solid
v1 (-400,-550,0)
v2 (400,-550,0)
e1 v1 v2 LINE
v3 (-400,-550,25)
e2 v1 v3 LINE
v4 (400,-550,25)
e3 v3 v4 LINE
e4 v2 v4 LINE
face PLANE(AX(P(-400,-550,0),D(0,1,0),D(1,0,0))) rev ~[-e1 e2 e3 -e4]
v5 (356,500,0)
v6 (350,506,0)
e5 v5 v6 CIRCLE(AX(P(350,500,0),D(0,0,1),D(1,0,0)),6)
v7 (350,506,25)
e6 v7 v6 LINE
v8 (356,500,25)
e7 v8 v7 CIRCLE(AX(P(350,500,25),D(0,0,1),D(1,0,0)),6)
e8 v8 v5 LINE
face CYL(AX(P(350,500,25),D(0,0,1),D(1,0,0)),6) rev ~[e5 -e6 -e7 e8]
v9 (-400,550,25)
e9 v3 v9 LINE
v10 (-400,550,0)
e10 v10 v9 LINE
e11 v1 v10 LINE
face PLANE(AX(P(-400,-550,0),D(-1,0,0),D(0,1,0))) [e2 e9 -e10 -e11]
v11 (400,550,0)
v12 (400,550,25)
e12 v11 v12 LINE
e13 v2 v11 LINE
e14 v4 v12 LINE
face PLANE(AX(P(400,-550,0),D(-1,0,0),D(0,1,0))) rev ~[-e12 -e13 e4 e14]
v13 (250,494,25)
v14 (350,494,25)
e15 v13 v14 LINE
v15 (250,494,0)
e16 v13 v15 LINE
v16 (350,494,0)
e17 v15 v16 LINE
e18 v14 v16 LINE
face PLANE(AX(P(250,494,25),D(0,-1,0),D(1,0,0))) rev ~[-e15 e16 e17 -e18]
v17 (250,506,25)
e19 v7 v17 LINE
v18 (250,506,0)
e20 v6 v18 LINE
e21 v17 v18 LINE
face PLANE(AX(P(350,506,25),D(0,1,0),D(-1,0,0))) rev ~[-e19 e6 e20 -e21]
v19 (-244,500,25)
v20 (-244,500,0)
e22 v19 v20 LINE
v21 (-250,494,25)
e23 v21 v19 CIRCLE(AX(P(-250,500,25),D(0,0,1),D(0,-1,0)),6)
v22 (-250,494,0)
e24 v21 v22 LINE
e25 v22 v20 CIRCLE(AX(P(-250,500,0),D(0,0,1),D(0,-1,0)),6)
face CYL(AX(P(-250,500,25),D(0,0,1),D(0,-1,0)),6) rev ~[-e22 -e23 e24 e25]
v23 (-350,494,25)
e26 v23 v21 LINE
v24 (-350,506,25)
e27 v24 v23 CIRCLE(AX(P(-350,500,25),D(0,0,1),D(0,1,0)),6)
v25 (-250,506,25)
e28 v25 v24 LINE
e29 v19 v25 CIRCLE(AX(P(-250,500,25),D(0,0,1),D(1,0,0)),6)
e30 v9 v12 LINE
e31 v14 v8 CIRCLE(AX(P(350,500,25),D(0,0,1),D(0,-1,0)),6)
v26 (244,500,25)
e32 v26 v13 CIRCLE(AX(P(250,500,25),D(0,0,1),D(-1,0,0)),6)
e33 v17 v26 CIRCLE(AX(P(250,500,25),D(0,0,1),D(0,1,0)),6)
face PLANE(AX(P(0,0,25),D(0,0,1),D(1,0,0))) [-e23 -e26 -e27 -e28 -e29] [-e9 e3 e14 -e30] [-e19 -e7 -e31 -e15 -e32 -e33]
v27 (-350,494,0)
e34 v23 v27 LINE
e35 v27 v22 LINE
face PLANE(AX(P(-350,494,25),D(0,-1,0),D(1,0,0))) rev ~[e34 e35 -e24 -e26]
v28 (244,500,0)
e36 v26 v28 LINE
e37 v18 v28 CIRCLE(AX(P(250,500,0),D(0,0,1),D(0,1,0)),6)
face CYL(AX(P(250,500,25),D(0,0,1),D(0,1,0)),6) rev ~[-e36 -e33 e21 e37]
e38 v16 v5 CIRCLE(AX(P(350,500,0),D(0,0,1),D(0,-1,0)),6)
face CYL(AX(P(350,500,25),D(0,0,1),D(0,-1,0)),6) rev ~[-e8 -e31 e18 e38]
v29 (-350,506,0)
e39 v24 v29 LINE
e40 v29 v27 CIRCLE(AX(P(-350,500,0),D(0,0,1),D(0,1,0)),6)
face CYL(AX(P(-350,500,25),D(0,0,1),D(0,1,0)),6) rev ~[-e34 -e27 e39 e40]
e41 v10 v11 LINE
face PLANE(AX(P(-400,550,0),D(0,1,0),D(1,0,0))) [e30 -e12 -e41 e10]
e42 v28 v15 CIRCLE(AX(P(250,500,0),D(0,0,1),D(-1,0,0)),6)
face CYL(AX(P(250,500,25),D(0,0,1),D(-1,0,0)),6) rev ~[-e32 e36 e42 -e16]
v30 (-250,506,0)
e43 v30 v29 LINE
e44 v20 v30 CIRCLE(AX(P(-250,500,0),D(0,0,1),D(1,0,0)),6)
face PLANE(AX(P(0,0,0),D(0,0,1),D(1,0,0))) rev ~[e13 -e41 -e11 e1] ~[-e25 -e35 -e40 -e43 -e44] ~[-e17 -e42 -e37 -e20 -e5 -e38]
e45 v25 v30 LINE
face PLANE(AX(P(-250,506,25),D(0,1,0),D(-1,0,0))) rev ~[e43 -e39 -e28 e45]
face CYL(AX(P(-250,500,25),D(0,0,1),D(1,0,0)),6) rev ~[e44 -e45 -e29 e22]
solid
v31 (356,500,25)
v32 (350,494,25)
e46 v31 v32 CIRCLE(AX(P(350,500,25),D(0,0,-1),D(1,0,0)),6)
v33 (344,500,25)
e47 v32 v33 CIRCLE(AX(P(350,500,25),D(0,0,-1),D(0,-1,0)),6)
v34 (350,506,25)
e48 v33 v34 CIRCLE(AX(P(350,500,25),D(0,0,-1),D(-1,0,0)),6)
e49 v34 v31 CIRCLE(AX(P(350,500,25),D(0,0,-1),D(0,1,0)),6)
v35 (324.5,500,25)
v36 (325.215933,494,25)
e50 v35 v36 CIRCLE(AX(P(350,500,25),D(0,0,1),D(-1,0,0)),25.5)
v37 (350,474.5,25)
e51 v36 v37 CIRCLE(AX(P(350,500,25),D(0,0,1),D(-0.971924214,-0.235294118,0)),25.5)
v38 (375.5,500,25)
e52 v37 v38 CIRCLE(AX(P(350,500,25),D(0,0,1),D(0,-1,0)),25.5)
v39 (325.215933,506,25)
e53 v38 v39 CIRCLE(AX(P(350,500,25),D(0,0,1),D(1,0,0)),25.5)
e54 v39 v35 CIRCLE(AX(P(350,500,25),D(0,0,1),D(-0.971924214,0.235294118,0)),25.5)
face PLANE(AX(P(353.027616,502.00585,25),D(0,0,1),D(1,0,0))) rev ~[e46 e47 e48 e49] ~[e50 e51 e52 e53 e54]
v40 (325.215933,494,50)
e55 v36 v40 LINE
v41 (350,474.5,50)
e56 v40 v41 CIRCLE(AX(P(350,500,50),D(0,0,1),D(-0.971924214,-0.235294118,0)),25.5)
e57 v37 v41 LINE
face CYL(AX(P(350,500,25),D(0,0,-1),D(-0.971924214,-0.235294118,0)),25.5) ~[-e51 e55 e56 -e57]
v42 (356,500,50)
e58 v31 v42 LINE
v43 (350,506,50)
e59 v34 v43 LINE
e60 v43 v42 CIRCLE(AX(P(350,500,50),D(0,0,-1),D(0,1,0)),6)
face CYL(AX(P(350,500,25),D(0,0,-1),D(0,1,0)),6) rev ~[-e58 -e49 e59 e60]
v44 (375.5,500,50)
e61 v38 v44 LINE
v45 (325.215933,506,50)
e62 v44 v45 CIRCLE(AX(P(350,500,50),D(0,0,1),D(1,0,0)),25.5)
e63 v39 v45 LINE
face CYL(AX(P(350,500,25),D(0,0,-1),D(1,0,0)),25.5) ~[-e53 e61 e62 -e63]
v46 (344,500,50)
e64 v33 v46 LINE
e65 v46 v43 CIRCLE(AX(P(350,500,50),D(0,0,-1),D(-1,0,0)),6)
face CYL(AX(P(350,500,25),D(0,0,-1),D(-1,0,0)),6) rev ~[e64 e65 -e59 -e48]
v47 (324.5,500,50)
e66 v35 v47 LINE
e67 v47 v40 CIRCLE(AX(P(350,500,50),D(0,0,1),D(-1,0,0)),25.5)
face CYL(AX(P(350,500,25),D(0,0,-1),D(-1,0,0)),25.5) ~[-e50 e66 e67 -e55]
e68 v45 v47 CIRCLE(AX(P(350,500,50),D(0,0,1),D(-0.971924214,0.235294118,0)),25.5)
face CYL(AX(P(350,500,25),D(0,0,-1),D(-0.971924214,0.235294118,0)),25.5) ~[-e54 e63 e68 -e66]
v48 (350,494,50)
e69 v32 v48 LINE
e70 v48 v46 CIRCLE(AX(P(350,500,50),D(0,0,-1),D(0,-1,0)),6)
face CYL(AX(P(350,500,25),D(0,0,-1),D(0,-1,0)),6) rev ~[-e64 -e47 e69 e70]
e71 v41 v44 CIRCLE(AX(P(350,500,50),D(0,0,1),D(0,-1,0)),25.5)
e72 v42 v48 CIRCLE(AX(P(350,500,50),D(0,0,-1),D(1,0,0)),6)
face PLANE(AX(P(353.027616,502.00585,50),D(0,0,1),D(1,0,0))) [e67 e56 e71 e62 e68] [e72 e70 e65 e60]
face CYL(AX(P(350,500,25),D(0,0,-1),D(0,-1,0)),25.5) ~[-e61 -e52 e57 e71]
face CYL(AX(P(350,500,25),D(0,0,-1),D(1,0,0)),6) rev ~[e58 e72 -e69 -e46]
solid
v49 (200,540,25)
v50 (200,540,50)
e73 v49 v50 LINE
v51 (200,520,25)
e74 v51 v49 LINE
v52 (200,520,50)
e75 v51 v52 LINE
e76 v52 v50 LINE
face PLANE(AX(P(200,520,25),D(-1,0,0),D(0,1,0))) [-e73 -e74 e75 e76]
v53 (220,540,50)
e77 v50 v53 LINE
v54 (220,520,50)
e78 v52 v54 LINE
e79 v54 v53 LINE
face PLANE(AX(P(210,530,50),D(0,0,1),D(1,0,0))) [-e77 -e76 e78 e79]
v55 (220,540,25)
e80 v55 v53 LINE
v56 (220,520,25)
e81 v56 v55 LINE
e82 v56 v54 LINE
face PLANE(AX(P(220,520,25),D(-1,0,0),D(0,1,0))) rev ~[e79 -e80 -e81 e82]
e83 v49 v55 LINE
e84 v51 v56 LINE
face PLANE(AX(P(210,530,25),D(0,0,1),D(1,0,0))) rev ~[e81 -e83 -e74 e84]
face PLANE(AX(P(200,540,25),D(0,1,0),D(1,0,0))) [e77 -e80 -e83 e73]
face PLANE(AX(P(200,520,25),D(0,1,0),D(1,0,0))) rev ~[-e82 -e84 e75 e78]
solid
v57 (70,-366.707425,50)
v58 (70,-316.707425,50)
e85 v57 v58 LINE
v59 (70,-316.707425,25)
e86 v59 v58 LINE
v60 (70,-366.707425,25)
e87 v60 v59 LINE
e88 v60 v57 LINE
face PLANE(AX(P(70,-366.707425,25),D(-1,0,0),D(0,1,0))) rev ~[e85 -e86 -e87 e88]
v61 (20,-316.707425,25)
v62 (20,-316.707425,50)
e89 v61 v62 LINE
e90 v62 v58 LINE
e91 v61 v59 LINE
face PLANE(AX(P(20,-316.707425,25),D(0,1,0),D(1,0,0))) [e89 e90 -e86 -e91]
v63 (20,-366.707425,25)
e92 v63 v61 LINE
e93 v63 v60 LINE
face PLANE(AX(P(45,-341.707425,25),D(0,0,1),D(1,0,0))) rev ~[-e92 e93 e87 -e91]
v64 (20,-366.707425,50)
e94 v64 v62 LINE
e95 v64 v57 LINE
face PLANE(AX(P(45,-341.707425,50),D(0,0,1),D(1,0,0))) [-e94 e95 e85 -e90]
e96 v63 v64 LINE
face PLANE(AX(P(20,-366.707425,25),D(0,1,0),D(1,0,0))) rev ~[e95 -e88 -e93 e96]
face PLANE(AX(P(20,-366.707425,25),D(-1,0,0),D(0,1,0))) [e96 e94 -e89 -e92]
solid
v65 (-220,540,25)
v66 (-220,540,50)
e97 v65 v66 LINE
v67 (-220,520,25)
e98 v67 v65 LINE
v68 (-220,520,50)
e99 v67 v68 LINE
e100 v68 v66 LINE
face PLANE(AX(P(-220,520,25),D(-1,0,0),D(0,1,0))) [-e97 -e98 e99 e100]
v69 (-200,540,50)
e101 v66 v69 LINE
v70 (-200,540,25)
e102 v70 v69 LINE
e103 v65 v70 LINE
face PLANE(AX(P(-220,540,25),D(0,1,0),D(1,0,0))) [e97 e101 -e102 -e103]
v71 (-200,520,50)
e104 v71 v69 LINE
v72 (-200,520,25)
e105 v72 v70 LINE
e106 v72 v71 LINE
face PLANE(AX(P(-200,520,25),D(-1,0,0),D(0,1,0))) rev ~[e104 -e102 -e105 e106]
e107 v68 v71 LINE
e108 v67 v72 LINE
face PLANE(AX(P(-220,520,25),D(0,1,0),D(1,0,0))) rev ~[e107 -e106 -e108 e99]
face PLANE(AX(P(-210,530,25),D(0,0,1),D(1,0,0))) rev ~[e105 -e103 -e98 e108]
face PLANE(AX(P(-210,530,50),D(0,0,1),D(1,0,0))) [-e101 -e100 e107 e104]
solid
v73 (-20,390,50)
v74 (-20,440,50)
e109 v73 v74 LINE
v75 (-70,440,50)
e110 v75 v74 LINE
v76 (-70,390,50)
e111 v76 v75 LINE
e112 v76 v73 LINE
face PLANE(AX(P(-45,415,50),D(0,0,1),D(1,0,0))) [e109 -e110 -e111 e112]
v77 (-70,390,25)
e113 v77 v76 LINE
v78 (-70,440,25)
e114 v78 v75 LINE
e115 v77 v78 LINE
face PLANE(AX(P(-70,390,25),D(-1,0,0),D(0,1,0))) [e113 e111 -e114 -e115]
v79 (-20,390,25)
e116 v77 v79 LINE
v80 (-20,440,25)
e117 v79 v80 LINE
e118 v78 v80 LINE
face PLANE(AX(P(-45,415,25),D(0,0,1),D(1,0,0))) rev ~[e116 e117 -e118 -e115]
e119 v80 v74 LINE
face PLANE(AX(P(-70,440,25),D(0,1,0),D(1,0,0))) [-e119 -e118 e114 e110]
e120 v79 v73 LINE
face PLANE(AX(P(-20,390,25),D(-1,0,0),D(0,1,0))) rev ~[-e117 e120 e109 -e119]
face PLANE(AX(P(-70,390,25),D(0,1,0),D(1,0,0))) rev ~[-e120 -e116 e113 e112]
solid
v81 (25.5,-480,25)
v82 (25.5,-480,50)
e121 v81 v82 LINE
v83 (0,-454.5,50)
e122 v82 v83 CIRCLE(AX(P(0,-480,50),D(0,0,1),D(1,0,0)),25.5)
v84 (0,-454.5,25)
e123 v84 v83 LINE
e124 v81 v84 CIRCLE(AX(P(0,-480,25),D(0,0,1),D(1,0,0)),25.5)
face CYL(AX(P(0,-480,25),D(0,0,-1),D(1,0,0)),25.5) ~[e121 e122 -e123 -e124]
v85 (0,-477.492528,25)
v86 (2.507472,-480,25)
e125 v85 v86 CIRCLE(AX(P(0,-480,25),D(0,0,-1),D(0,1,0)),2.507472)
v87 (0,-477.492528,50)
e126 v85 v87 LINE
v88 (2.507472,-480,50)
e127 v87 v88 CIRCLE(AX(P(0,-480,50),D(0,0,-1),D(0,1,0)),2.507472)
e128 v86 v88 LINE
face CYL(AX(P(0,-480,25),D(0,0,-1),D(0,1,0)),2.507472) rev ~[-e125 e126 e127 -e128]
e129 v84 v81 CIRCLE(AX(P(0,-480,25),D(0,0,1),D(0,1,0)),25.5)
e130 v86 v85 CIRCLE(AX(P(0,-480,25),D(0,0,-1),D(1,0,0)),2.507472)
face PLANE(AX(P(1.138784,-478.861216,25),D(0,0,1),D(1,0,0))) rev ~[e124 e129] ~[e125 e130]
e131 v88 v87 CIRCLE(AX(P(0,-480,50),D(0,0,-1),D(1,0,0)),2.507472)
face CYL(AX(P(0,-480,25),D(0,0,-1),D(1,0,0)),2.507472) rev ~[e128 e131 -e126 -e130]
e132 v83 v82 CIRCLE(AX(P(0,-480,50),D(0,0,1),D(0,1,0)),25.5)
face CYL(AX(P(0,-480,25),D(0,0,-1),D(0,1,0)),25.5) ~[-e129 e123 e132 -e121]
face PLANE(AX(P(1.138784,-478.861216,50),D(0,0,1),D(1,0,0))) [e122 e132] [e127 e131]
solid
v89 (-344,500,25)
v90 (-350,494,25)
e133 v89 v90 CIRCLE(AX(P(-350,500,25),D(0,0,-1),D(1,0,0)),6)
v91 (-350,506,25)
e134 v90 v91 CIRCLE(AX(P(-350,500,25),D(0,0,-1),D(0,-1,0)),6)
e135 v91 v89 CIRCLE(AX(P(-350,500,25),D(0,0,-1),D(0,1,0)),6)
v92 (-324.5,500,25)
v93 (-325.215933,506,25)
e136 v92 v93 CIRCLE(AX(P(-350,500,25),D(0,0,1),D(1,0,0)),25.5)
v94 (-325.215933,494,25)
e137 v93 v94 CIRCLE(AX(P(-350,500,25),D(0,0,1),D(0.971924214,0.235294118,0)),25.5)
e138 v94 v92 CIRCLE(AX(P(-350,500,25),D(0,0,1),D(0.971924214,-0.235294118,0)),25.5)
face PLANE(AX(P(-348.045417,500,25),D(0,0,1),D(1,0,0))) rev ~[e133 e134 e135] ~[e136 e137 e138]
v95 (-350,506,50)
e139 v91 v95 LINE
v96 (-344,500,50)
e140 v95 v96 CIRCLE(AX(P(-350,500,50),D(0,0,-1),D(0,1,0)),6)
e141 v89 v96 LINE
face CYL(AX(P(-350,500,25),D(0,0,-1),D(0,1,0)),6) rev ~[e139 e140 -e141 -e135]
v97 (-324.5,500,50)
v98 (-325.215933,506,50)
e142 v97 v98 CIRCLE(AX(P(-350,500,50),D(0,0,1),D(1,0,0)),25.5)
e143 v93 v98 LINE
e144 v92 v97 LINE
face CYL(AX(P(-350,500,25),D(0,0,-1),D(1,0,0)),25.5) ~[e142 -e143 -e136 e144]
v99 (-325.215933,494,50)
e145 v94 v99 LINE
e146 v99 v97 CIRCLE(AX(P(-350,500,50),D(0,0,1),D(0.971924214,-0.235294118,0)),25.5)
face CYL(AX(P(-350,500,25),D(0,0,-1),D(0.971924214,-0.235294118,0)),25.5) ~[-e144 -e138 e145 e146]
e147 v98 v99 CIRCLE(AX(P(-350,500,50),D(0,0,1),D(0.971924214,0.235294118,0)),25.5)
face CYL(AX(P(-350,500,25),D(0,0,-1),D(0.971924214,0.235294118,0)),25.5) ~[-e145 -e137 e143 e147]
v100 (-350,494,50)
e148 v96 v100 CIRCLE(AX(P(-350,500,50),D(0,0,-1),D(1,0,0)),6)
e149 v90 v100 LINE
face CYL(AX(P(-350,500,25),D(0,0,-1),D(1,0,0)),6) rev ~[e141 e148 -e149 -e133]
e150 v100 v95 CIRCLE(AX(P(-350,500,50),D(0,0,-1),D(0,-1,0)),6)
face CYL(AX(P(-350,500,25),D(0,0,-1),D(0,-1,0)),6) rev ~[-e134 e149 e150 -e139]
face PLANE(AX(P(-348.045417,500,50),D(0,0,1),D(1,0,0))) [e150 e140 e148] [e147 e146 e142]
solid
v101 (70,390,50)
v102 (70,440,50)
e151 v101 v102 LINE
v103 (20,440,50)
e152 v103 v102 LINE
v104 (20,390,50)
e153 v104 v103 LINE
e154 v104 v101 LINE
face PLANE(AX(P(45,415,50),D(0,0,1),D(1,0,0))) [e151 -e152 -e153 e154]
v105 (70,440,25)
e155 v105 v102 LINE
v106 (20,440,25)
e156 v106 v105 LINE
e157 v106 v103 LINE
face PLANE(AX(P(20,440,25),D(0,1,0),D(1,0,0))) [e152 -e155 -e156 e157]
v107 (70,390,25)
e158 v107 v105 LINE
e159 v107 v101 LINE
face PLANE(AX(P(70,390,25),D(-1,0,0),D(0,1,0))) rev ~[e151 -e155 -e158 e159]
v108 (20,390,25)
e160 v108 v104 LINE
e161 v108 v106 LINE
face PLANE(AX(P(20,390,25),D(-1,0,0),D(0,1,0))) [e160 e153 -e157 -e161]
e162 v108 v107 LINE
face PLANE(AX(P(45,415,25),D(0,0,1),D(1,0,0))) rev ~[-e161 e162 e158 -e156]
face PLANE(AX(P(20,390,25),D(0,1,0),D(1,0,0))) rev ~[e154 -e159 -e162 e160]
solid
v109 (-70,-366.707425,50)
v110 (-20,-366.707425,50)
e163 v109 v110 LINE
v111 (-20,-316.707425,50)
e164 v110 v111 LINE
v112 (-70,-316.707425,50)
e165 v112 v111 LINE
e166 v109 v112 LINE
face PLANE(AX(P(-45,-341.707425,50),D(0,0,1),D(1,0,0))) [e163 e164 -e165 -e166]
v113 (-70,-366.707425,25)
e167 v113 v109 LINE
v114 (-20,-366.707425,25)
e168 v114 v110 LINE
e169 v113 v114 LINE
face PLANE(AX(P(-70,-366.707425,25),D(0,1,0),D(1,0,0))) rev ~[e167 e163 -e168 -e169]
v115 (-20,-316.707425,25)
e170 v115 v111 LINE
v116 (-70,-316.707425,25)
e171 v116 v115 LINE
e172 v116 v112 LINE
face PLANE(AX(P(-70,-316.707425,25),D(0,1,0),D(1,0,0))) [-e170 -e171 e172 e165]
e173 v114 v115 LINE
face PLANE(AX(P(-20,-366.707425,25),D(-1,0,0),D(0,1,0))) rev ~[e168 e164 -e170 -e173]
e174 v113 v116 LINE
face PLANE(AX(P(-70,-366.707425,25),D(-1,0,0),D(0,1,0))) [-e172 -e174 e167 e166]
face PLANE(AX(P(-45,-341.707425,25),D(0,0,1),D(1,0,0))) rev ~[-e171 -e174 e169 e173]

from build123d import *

# Parameters (mm, degrees)
F0_W     = 800
F0_H     = 1100
F1_DEPTH = 25
F3_DEPTH = 25
F4_DEPTH = 25
F2_W     = 50
F2_H     = 50
F2_W_2   = 20
F2_H_2   = 20


with BuildPart() as f1:
    # F0 (on Top) → F1 (new body)
    with BuildSketch(Plane.XY):
        Rectangle(F0_W, F0_H)
    extrude(amount=F1_DEPTH)

    # F2 (on face) → F3 (cut)
    with BuildSketch(Plane.XY.offset(25)):
        with BuildLine():
            Line((-256, 500), (-244, 500))
            ThreePointArc((-244, 500), (-245.7573593129, 504.2426406871), (-250, 506))
            ThreePointArc((-250, 506), (-254.2426406871, 504.2426406871), (-256, 500))
        make_face()
        with BuildLine():
            ThreePointArc((-250, 494), (-245.7573593129, 495.7573593129), (-244, 500))
            Line((-244, 500), (-256, 500))
            ThreePointArc((-256, 500), (-254.2426406871, 495.7573593129), (-250, 494))
        make_face()
        with BuildLine():
            ThreePointArc((-250, 494), (-254.2426406871, 495.7573593129), (-256, 500))
            Line((-256, 500), (-324.5, 500))
            ThreePointArc((-324.5, 500), (-324.6796157187, 496.9787188397), (-325.2159325372, 494))
            Line((-325.2159325372, 494), (-250, 494))
        make_face()
        with BuildLine():
            Line((-324.5, 500), (-256, 500))
            ThreePointArc((-256, 500), (-254.2426406871, 504.2426406871), (-250, 506))
            Line((-250, 506), (-325.2159325372, 506))
            ThreePointArc((-325.2159325372, 506), (-324.6796157187, 503.0212811603), (-324.5, 500))
        make_face()
        with BuildLine():
            ThreePointArc((-350, 494), (-345.7573593129, 495.7573593129), (-344, 500))
            ThreePointArc((-344, 500), (-345.7573593129, 504.2426406871), (-350, 506))
            ThreePointArc((-350, 506), (-356, 500), (-350, 494))
        make_face()
        with BuildLine():
            ThreePointArc((-325.2159325372, 494), (-324.6796157187, 496.9787188397), (-324.5, 500))
            Line((-324.5, 500), (-344, 500))
            ThreePointArc((-344, 500), (-345.7573593129, 495.7573593129), (-350, 494))
            Line((-350, 494), (-325.2159325372, 494))
        make_face()
        with BuildLine():
            Line((-344, 500), (-324.5, 500))
            ThreePointArc((-324.5, 500), (-324.6796157187, 503.0212811603), (-325.2159325372, 506))
            Line((-325.2159325372, 506), (-350, 506))
            ThreePointArc((-350, 506), (-345.7573593129, 504.2426406871), (-344, 500))
        make_face()
        with BuildLine():
            ThreePointArc((250, 506), (254.2426406871, 504.2426406871), (256, 500))
            Line((256, 500), (324.5, 500))
            ThreePointArc((324.5, 500), (324.6796157187, 503.0212811603), (325.2159325372, 506))
            Line((325.2159325372, 506), (250, 506))
        make_face()
        with BuildLine():
            Line((324.5, 500), (256, 500))
            ThreePointArc((256, 500), (254.2426406871, 495.7573593129), (250, 494))
            Line((250, 494), (325.2159325372, 494))
            ThreePointArc((325.2159325372, 494), (324.6796157187, 496.9787188397), (324.5, 500))
        make_face()
        with BuildLine():
            ThreePointArc((325.2159325372, 506), (324.6796157187, 503.0212811603), (324.5, 500))
            Line((324.5, 500), (344, 500))
            ThreePointArc((344, 500), (345.7573593129, 504.2426406871), (350, 506))
            Line((350, 506), (325.2159325372, 506))
        make_face()
        with BuildLine():
            Line((344, 500), (324.5, 500))
            ThreePointArc((324.5, 500), (324.6796157187, 496.9787188397), (325.2159325372, 494))
            Line((325.2159325372, 494), (350, 494))
            ThreePointArc((350, 494), (345.7573593129, 495.7573593129), (344, 500))
        make_face()
        with BuildLine():
            ThreePointArc((350, 506), (345.7573593129, 504.2426406871), (344, 500))
            Line((344, 500), (350, 500))
            Line((350, 500), (350, 494))
            ThreePointArc((350, 494), (354.2426406871, 495.7573593129), (356, 500))
            ThreePointArc((356, 500), (354.2426406871, 504.2426406871), (350, 506))
        make_face()
        with BuildLine():
            Line((350, 500), (344, 500))
            ThreePointArc((344, 500), (345.7573593129, 495.7573593129), (350, 494))
            Line((350, 494), (350, 500))
        make_face()
        with BuildLine():
            ThreePointArc((250, 506), (245.7573593129, 504.2426406871), (244, 500))
            Line((244, 500), (256, 500))
            ThreePointArc((256, 500), (254.2426406871, 504.2426406871), (250, 506))
        make_face()
        with BuildLine():
            Line((256, 500), (244, 500))
            ThreePointArc((244, 500), (245.7573593129, 495.7573593129), (250, 494))
            ThreePointArc((250, 494), (254.2426406871, 495.7573593129), (256, 500))
        make_face()
    extrude(amount=-F3_DEPTH, mode=Mode.SUBTRACT)


with BuildPart() as f4:
    # F2 (on face) → F4 (new body)
    with BuildSketch(Plane.XY.offset(25)):
        with BuildLine():
            ThreePointArc((25.5, -480), (18.0312229203, -461.9687770797), (0, -454.5))
            ThreePointArc((0, -454.5), (-18.0312229203, -498.0312229203), (25.5, -480))
        make_face()
        with BuildLine():
            ThreePointArc((2.5074724197, -480), (-1.7730507516, -481.7730507516), (0, -477.4925275803))
            ThreePointArc((0, -477.4925275803), (1.7730507516, -478.2269492484), (2.5074724197, -480))
        make_face(mode=Mode.SUBTRACT)
    extrude(amount=F4_DEPTH)


with BuildPart() as f4b:
    # F2 (on face) → F4, piece 2 (new body)
    with BuildSketch(Plane.XY.offset(25)):
        with Locations((45, -341.7074251175)):
            Rectangle(F2_W, F2_H)
    extrude(amount=F4_DEPTH)


with BuildPart() as f4c:
    # F2 (on face) → F4, piece 3 (new body)
    with BuildSketch(Plane.XY.offset(25)):
        with Locations((-45, -341.7074251175)):
            Rectangle(F2_W, F2_H)
    extrude(amount=F4_DEPTH)


with BuildPart() as f4d:
    # F2 (on face) → F4, piece 4 (new body)
    with BuildSketch(Plane.XY.offset(25)):
        with Locations((-45, 415)):
            Rectangle(F2_W, F2_H)
    extrude(amount=F4_DEPTH)


with BuildPart() as f4e:
    # F2 (on face) → F4, piece 5 (new body)
    with BuildSketch(Plane.XY.offset(25)):
        with Locations((45, 415)):
            Rectangle(F2_W, F2_H)
    extrude(amount=F4_DEPTH)


with BuildPart() as f4f:
    # F2 (on face) → F4, piece 6 (new body)
    with BuildSketch(Plane.XY.offset(25)):
        with Locations((210, 530)):
            Rectangle(F2_W_2, F2_H_2)
    extrude(amount=F4_DEPTH)


with BuildPart() as f4g:
    # F2 (on face) → F4, piece 7 (new body)
    with BuildSketch(Plane.XY.offset(25)):
        with Locations((-210, 530)):
            Rectangle(F2_W_2, F2_H_2)
    extrude(amount=F4_DEPTH)


with BuildPart() as f4h:
    # F2 (on face) → F4, piece 8 (new body)
    with BuildSketch(Plane.XY.offset(25)):
        with BuildLine():
            Line((-350, 506), (-325.2159325372, 506))
            ThreePointArc((-325.2159325372, 506), (-375.5, 500), (-325.2159325372, 494))
            Line((-325.2159325372, 494), (-350, 494))
            ThreePointArc((-350, 494), (-356, 500), (-350, 506))
        make_face()
        with BuildLine():
            Line((-344, 500), (-324.5, 500))
            ThreePointArc((-324.5, 500), (-324.6796157187, 503.0212811603), (-325.2159325372, 506))
            Line((-325.2159325372, 506), (-350, 506))
            ThreePointArc((-350, 506), (-345.7573593129, 504.2426406871), (-344, 500))
        make_face()
        with BuildLine():
            ThreePointArc((-325.2159325372, 494), (-324.6796157187, 496.9787188397), (-324.5, 500))
            Line((-324.5, 500), (-344, 500))
            ThreePointArc((-344, 500), (-345.7573593129, 495.7573593129), (-350, 494))
            Line((-350, 494), (-325.2159325372, 494))
        make_face()
    extrude(amount=F4_DEPTH)


with BuildPart() as f4i:
    # F2 (on face) → F4, piece 9 (new body)
    with BuildSketch(Plane.XY.offset(25)):
        with BuildLine():
            ThreePointArc((375.5, 500), (353.0212811603, 525.3203842813), (325.2159325372, 506))
            Line((325.2159325372, 506), (350, 506))
            ThreePointArc((350, 506), (354.2426406871, 504.2426406871), (356, 500))
            ThreePointArc((356, 500), (354.2426406871, 495.7573593129), (350, 494))
            Line((350, 494), (350, 474.5))
            ThreePointArc((350, 474.5), (368.0312229203, 481.9687770797), (375.5, 500))
        make_face()
        with BuildLine():
            Line((350, 494), (325.2159325372, 494))
            ThreePointArc((325.2159325372, 494), (334.2321529688, 479.9594161762), (350, 474.5))
            Line((350, 474.5), (350, 494))
        make_face()
        with BuildLine():
            ThreePointArc((325.2159325372, 506), (324.6796157187, 503.0212811603), (324.5, 500))
            Line((324.5, 500), (344, 500))
            ThreePointArc((344, 500), (345.7573593129, 504.2426406871), (350, 506))
            Line((350, 506), (325.2159325372, 506))
        make_face()
        with BuildLine():
            Line((344, 500), (324.5, 500))
            ThreePointArc((324.5, 500), (324.6796157187, 496.9787188397), (325.2159325372, 494))
            Line((325.2159325372, 494), (350, 494))
            ThreePointArc((350, 494), (345.7573593129, 495.7573593129), (344, 500))
        make_face()
    extrude(amount=F4_DEPTH)


solid = Compound([f1.part, f4.part, f4b.part, f4c.part, f4d.part, f4e.part, f4f.part, f4g.part, f4h.part, f4i.part])
